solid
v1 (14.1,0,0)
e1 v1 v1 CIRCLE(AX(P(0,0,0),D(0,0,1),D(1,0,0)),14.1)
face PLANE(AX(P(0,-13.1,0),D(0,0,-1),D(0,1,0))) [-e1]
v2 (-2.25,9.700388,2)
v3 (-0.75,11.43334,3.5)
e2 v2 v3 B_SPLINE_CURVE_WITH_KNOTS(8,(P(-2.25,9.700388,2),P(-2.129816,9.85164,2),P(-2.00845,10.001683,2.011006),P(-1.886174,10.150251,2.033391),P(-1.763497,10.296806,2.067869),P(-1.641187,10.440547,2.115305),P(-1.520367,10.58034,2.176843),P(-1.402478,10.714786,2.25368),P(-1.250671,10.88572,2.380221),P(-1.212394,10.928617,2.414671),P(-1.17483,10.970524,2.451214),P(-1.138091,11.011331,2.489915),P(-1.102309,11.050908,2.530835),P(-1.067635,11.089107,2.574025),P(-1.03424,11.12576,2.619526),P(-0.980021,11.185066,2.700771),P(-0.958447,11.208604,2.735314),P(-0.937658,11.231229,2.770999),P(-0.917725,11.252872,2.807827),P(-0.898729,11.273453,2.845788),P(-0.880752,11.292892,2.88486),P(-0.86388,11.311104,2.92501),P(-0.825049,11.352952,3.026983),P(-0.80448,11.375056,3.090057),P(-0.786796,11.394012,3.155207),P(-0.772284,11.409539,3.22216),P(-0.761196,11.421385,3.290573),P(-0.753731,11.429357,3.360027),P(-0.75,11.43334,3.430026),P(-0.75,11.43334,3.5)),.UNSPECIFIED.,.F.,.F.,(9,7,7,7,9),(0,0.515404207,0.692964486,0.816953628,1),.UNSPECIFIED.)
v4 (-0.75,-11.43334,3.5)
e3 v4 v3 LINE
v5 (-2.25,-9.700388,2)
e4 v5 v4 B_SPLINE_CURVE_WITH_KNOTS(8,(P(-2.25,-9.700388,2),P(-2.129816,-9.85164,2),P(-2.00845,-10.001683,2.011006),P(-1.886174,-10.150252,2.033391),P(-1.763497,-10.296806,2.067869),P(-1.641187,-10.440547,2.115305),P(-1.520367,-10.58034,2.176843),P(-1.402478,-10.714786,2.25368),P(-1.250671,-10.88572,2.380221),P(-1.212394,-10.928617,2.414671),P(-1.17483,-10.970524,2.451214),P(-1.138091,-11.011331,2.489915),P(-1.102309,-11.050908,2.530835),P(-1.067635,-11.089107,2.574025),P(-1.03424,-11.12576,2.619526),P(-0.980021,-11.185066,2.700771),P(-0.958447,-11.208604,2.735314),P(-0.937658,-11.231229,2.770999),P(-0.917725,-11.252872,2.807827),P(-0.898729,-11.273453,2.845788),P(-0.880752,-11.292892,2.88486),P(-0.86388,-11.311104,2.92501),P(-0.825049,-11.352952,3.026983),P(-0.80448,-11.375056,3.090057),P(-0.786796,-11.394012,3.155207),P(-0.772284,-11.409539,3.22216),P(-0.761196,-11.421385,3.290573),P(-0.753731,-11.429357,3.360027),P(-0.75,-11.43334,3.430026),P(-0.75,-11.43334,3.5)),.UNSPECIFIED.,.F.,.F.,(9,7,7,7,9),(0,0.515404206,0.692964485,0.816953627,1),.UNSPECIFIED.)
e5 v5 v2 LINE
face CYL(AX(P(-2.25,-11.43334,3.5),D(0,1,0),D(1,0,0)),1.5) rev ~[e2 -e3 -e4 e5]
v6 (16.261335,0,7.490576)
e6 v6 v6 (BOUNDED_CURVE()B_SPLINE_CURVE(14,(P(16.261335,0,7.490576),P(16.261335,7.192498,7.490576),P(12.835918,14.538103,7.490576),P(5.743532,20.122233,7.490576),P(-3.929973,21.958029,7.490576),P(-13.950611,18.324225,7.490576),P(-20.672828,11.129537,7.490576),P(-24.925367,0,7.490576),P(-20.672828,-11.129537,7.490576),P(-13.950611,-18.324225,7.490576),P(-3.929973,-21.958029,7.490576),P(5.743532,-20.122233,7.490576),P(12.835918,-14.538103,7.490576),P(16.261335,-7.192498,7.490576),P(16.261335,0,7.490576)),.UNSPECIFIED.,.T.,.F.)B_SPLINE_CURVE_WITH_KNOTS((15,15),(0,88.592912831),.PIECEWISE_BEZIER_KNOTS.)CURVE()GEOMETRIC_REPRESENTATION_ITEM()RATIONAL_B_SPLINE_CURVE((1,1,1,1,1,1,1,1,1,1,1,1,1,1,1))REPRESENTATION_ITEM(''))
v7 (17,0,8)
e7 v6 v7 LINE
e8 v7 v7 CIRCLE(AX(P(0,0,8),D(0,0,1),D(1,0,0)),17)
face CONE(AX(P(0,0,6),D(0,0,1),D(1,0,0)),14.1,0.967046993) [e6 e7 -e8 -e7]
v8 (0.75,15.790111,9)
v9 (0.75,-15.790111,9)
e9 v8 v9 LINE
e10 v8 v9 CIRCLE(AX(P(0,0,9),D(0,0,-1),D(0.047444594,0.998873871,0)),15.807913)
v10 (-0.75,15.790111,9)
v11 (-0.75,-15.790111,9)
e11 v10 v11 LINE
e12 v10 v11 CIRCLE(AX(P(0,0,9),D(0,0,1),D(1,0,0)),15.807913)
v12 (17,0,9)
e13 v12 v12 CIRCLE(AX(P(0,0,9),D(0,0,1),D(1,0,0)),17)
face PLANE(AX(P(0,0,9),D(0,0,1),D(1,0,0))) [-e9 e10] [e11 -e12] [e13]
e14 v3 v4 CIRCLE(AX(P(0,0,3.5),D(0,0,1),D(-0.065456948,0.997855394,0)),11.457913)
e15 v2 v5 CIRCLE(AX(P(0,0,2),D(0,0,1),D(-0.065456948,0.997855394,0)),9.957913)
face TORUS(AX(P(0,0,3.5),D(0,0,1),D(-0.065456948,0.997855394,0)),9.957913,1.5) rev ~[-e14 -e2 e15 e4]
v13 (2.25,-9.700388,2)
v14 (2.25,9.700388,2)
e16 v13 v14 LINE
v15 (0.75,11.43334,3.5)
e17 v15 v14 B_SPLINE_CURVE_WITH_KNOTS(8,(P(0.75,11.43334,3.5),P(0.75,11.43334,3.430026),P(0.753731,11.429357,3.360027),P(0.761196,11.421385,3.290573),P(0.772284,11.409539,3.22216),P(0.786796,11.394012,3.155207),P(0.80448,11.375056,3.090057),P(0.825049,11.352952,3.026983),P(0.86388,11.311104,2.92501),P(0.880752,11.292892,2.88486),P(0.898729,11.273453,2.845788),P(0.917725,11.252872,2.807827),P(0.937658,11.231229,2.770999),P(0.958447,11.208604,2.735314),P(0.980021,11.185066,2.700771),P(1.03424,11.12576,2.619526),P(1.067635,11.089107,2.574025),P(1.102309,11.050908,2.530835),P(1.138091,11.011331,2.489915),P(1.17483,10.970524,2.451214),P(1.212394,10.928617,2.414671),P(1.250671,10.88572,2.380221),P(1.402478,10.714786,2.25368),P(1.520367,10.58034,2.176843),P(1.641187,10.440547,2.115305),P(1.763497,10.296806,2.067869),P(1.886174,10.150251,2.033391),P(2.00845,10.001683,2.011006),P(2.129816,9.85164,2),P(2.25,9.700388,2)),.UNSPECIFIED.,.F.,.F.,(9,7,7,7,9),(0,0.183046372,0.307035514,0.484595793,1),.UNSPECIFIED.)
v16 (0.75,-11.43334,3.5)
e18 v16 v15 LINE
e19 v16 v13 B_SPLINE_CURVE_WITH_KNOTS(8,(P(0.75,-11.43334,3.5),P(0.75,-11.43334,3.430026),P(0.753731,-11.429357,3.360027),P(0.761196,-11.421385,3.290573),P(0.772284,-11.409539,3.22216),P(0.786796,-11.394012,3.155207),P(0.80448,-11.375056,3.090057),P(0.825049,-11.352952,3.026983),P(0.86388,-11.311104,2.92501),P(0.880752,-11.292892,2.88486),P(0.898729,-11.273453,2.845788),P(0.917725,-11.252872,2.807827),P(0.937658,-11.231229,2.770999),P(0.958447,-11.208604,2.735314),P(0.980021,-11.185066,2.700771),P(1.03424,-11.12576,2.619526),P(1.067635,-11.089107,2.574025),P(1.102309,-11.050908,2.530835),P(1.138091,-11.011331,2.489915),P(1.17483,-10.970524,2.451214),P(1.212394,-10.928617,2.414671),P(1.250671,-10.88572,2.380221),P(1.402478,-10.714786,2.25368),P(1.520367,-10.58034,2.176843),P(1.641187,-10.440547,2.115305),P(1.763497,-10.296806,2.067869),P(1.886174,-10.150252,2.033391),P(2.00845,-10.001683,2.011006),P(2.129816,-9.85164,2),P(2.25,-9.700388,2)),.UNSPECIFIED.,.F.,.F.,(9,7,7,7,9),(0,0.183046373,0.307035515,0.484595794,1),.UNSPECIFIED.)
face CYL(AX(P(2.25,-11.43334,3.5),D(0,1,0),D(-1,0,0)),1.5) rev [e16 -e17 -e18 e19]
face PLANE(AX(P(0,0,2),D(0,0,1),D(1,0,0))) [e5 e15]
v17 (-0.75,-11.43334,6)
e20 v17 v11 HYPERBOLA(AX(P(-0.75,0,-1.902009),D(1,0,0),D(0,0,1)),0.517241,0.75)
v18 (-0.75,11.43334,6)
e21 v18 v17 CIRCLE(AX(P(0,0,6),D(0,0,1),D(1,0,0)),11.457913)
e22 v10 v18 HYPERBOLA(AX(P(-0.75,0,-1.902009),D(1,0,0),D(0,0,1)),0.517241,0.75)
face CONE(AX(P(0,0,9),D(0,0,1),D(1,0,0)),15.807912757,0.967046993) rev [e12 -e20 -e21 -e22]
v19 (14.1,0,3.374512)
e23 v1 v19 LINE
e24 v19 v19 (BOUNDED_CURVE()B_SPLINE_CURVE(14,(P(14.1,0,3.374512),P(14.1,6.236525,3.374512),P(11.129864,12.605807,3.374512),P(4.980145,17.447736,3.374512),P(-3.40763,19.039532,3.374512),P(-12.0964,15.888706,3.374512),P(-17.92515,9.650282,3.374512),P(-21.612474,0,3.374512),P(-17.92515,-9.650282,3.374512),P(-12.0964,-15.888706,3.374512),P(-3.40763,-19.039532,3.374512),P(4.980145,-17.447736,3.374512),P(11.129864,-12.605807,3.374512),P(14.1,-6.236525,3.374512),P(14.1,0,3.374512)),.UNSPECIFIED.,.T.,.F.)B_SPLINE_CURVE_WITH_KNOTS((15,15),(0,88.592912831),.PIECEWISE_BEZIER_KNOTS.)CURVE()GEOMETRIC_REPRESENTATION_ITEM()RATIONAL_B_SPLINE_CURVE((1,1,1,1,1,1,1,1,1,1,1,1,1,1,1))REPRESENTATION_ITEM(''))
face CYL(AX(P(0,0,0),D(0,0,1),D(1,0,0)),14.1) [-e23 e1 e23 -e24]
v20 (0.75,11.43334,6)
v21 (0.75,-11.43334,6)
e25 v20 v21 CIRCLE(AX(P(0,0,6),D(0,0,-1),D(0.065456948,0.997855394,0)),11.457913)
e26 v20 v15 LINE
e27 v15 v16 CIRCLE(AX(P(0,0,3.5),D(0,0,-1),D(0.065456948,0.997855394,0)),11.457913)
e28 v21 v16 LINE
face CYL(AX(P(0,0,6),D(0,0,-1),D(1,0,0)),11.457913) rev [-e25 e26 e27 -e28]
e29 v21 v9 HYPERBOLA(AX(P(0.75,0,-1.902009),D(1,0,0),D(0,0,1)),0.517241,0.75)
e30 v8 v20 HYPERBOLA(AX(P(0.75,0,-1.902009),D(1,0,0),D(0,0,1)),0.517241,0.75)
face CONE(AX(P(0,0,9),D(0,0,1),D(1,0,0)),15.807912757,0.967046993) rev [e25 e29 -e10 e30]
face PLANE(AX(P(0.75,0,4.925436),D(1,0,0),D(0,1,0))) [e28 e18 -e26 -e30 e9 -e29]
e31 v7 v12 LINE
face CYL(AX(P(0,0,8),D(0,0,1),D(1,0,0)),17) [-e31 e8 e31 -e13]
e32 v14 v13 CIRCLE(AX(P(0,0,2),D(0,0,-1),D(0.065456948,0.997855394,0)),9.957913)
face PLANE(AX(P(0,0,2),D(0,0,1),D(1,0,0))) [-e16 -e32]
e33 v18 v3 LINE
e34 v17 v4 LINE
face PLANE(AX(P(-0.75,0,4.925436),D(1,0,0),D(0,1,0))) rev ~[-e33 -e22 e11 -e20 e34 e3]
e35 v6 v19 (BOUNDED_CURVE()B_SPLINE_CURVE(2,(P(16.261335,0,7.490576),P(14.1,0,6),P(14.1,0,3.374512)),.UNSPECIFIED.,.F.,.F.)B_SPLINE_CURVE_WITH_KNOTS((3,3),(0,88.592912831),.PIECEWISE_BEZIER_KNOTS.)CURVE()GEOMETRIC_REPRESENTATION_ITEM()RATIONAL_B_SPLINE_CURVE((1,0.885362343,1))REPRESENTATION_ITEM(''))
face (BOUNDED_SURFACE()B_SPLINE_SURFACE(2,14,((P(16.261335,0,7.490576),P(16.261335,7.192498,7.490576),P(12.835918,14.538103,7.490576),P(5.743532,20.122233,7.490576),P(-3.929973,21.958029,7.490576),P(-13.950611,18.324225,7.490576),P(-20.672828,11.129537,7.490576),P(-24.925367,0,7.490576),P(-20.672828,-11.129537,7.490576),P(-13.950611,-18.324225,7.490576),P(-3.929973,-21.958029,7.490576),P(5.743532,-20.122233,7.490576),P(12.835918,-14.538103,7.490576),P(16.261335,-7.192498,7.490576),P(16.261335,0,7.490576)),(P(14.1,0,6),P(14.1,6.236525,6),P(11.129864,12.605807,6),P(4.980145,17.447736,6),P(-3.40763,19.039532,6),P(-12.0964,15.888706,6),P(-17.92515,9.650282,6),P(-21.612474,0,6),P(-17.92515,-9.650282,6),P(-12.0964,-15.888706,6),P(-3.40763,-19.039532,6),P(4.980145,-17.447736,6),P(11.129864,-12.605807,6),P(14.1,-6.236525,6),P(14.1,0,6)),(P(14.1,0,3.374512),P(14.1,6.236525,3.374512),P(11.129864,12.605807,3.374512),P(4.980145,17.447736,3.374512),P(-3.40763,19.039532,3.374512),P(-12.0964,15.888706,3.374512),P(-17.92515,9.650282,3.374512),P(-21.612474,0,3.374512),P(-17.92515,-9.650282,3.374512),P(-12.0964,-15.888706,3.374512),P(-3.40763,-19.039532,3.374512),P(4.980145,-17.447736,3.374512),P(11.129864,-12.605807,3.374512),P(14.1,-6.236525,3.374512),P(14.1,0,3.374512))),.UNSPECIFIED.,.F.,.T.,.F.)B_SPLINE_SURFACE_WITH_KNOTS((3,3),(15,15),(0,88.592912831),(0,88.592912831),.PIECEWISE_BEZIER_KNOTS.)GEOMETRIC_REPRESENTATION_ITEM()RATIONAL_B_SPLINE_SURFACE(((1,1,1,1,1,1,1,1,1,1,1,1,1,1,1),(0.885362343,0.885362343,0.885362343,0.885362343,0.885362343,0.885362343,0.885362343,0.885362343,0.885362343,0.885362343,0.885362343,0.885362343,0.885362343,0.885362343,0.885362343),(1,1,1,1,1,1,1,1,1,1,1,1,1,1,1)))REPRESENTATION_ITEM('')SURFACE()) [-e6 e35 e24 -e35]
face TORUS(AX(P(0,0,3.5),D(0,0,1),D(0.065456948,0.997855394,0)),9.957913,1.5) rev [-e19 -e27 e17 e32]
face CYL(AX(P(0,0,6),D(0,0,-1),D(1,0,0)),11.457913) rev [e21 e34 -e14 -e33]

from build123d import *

# Parameters (mm, degrees)
F3_DEPTH = 0.75
F4_R     = 1.5
F5_R     = 5


with BuildPart() as f1:
    # F0 (on Front) → F1 (revolve)
    with BuildSketch(Plane.XZ):
        Polygon((0, 2), (0, 0), (14.1, 0), (14.1, 6), (17, 8), (17, 9), (15.8079127569, 9), (11.4579127569, 6), (11.4579127569, 2), align=None)
    revolve(axis=Axis((0, 0, 4.5), (0, 0, 1)))

    # F2 (on Right) → F3 (join, symmetric)
    with BuildSketch(Plane.YZ):
        Polygon((16, 9), (-16, 9), (-16, 8), (-13.1, 6), (-13.1, 0), (13.1, 0), (13.1, 6), (16, 8), align=None)
    extrude(amount=F3_DEPTH, both=True)

    # F4
    f4_edges = [f1.edges().sort_by_distance(p)[0] for p in [
        (-11.457913, 0, 2),
        (0.75, 0, 2),
        (11.457913, 0, 2),
        (-0.75, 0, 2),
    ]]
    fillet(f4_edges, radius=F4_R)

    # F5
    f5_edges = [f1.edges().sort_by_distance(p)[0] for p in [
        (-14.1, 0, 6),
    ]]
    fillet(f5_edges, radius=F5_R)


solid = f1.part
